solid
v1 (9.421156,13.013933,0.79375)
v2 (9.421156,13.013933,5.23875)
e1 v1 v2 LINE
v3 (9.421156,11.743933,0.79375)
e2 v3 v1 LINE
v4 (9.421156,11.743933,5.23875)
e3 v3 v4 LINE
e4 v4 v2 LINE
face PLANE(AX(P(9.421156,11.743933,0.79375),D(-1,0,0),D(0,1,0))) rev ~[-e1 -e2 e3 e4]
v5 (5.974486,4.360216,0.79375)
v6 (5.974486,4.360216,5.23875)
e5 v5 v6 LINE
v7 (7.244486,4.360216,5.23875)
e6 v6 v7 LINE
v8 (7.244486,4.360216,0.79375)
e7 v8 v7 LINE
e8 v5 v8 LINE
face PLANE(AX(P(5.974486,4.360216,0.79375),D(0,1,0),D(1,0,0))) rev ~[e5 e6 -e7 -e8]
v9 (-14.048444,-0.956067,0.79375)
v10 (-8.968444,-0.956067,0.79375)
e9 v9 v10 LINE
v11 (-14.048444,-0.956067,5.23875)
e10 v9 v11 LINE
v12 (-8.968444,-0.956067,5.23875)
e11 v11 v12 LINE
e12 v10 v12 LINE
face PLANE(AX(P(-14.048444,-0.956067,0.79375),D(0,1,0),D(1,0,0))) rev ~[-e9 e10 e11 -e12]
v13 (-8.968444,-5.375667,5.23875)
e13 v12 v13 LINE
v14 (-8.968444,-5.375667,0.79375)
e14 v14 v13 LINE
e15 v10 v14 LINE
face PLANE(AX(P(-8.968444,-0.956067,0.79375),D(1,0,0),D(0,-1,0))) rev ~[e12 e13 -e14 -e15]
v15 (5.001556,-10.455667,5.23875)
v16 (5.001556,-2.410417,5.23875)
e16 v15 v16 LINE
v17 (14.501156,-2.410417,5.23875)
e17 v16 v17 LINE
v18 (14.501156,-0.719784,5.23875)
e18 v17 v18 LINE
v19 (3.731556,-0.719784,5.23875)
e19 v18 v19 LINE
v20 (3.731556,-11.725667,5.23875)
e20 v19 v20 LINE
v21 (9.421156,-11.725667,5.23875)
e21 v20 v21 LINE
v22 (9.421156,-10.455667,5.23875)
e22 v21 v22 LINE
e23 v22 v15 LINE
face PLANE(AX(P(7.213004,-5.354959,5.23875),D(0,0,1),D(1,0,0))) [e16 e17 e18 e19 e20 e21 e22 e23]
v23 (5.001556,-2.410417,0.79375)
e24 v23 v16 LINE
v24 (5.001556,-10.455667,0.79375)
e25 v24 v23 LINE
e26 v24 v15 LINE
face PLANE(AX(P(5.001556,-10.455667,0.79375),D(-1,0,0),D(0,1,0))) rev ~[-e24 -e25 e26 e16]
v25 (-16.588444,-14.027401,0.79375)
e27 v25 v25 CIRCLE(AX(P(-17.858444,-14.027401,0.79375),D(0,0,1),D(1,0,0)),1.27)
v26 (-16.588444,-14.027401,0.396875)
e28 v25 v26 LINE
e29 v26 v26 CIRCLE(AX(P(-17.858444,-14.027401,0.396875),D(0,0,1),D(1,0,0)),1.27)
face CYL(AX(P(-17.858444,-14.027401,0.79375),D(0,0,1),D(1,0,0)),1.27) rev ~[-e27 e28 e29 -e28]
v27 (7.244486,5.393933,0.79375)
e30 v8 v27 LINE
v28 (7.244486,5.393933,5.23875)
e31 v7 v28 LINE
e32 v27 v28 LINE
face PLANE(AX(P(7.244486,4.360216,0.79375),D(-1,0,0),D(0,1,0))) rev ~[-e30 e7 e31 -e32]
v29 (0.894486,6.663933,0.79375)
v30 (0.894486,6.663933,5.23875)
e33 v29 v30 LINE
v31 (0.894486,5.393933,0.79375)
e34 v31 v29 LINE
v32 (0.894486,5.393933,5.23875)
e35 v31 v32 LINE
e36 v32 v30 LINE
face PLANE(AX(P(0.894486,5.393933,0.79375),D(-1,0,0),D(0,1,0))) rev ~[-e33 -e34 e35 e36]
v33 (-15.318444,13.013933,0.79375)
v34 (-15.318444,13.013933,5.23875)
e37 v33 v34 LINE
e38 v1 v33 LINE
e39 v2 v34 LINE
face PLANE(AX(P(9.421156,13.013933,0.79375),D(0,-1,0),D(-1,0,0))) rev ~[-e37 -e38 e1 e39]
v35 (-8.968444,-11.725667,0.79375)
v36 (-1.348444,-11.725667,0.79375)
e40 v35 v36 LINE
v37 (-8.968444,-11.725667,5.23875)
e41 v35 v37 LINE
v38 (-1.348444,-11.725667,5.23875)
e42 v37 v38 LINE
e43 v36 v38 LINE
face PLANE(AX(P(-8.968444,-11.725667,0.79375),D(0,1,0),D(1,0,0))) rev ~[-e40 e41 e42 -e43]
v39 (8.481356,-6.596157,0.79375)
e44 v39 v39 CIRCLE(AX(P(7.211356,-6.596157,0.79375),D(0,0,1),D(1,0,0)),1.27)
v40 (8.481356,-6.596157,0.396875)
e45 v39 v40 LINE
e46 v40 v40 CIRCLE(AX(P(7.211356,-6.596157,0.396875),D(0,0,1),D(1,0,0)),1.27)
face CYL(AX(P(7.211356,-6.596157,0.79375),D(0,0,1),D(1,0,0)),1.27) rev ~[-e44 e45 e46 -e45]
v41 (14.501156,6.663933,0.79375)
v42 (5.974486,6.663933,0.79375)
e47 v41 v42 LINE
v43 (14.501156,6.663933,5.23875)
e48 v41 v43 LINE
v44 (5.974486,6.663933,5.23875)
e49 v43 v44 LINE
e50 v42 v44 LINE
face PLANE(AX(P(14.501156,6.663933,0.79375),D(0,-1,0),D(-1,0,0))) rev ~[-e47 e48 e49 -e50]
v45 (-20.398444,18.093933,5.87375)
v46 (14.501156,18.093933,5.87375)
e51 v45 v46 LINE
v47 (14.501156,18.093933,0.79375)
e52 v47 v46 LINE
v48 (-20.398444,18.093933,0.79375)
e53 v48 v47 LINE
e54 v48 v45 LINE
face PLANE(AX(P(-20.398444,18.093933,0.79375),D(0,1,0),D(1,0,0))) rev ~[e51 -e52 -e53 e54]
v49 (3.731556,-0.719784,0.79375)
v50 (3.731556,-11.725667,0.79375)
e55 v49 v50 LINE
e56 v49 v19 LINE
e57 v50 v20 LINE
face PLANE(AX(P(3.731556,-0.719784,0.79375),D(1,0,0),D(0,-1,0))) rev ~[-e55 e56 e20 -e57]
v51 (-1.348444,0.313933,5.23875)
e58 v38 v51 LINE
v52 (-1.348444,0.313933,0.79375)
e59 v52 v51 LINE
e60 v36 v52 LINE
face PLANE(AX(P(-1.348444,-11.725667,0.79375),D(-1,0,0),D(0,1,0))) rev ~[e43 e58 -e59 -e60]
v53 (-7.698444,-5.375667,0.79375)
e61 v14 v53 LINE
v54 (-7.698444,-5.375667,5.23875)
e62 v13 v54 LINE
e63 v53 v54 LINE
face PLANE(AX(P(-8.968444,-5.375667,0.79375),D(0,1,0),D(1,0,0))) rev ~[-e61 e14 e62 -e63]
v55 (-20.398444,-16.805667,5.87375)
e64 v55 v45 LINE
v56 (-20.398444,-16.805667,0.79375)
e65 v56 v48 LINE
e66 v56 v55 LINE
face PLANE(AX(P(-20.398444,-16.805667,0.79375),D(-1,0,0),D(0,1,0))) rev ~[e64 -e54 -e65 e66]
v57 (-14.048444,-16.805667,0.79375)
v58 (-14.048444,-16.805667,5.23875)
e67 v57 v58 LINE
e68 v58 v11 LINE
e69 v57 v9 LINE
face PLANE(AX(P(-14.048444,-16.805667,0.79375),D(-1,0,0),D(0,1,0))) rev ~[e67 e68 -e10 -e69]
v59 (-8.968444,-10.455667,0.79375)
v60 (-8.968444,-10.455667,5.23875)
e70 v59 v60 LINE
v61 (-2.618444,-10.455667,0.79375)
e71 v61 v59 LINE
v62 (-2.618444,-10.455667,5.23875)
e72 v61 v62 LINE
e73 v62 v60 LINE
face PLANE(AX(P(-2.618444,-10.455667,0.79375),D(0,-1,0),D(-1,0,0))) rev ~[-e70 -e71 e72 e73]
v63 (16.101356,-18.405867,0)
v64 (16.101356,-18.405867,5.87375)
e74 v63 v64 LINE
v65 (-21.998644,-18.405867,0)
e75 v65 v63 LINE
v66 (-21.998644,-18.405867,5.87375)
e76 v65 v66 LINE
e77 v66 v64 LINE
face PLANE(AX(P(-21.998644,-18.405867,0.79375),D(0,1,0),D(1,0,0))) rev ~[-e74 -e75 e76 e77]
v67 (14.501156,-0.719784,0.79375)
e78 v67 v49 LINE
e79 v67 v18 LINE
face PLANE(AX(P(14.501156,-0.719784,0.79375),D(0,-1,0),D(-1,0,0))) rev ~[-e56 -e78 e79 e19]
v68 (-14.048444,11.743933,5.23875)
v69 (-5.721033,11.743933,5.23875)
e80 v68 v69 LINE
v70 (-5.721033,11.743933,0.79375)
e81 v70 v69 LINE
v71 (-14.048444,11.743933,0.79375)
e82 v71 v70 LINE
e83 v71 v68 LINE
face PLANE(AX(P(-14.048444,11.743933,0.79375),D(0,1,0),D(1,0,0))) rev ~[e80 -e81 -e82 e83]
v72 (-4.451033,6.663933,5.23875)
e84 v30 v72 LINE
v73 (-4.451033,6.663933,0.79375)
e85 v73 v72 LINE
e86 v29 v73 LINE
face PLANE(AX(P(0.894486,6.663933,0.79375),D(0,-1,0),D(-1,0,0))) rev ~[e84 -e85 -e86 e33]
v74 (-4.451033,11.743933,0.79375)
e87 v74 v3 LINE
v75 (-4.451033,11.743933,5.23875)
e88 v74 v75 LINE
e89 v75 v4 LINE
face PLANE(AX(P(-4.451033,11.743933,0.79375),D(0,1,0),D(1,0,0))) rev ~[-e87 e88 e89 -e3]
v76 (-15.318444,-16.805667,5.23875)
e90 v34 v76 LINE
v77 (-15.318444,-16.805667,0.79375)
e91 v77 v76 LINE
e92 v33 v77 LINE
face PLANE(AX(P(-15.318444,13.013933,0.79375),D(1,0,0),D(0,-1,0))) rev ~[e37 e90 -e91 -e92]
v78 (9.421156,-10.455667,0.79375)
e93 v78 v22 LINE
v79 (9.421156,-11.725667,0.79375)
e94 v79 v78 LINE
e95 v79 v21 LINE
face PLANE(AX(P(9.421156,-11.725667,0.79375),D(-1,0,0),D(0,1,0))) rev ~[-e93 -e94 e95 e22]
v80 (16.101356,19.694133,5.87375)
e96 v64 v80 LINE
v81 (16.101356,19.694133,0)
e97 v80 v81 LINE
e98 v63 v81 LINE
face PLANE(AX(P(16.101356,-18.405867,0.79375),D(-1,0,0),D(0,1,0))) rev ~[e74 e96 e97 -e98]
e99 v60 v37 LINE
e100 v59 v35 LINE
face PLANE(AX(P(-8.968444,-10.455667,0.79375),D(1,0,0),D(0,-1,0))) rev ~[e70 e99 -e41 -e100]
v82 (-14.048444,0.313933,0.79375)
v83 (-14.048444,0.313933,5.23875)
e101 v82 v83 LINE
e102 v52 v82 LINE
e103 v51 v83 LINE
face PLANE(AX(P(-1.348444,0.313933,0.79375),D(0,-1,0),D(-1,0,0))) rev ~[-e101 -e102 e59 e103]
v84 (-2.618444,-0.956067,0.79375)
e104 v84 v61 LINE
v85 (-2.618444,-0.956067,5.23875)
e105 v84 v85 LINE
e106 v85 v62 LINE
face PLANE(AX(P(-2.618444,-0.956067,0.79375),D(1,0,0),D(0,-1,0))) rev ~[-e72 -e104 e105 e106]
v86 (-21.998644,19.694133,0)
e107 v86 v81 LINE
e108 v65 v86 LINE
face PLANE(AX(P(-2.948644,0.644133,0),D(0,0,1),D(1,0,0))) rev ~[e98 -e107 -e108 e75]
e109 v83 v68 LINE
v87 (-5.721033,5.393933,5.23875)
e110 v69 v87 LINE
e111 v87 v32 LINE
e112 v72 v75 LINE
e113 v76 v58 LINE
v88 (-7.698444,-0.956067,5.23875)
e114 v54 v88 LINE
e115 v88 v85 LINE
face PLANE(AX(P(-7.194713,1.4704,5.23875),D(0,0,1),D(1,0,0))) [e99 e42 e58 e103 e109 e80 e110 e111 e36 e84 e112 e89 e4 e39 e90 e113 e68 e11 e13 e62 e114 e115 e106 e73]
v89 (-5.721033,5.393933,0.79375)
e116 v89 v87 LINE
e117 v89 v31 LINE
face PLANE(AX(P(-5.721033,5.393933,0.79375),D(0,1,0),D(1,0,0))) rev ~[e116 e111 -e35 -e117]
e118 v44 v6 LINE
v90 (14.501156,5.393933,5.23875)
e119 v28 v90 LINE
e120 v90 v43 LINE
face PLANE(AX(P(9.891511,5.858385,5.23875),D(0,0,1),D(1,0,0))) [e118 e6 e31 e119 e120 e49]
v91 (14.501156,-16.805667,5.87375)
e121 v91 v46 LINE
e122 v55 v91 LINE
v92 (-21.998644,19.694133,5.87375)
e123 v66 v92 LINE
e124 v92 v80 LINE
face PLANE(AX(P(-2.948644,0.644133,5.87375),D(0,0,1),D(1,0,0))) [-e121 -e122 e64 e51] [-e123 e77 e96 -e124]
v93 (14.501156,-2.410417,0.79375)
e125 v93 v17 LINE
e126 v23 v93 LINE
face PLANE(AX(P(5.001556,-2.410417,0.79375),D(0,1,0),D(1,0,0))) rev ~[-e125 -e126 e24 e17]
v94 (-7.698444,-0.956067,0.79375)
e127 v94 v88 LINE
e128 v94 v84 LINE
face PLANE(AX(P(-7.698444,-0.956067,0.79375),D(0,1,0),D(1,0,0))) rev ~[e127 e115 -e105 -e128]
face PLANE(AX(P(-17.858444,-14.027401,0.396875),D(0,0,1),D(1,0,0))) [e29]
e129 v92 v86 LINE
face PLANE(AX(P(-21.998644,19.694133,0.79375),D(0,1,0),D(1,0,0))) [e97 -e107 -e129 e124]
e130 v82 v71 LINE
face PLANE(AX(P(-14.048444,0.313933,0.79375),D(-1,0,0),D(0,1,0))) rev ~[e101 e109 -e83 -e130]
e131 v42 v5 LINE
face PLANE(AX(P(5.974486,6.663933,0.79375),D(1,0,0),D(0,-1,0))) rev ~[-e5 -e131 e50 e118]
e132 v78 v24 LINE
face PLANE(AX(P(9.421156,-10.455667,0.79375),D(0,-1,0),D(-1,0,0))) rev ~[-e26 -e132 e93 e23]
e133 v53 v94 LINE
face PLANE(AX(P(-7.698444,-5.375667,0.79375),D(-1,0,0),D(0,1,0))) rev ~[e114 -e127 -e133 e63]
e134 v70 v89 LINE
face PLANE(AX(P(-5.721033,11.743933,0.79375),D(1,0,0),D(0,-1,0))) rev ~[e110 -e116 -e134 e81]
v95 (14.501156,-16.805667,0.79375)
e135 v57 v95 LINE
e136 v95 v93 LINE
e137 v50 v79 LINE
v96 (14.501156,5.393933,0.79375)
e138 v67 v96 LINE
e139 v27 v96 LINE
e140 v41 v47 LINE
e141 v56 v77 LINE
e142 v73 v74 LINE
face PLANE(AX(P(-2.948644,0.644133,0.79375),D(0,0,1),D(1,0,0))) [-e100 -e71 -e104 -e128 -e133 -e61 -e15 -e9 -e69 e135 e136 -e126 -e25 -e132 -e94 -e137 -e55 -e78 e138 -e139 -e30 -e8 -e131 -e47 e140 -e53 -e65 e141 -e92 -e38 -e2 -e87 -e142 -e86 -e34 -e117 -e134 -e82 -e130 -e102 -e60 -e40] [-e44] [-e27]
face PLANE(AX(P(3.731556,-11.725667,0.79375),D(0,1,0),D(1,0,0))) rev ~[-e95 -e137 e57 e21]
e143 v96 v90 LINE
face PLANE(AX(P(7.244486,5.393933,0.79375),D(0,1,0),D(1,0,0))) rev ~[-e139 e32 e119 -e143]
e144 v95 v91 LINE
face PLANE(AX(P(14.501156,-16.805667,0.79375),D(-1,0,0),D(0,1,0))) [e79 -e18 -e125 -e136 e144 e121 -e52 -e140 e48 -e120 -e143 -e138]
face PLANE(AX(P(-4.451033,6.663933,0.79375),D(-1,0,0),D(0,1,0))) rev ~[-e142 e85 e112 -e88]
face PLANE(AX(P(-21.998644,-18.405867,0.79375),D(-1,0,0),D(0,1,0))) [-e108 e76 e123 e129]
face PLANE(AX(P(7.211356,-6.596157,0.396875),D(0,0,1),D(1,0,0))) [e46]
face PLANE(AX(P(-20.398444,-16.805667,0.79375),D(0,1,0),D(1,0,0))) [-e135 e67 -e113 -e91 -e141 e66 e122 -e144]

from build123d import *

# Parameters (mm, degrees)
F0_W     = 38.1
F0_H     = 38.1
F1_DEPTH = 0.79375
F2_W     = 38.1
F2_H     = 38.1
F2_W_2   = 34.8996
F2_H_2   = 34.8996
F3_DEPTH = 5.08
F4_R     = 1.27
F5_DEPTH = 0.396875
F6_DEPTH = 4.445


with BuildPart() as f1:
    # F0 (on Top) → F1 (new body)
    with BuildSketch(Plane.XY):
        with Locations((-2.948644, 0.644133)):
            Rectangle(F0_W, F0_H)
    extrude(amount=F1_DEPTH)

    # F2 (on face) → F3 (join)
    with BuildSketch(Plane.XY.offset(0.79375)):
        with Locations((-2.948644, 0.644133)):
            Rectangle(F2_W, F2_H)
        with Locations((-2.948644, 0.644133)):
            Rectangle(F2_W_2, F2_H_2, mode=Mode.SUBTRACT)
    extrude(amount=F3_DEPTH)

    # F4 (on face) → F5 (cut)
    with BuildSketch(Plane.XY.offset(0.79375)):
        with Locations((-17.858444, -14.027401)):
            Circle(F4_R)
        with Locations((7.211356, -6.596157)):
            Circle(F4_R)
    extrude(amount=-F5_DEPTH, mode=Mode.SUBTRACT)

    # F4 (on face) → F6 (join)
    with BuildSketch(Plane.XY.offset(0.79375)):
        Polygon((-15.318444, 13.013933), (-15.318444, -16.805667), (-14.048444, -16.805667), (-14.048444, -0.956067), (-8.968444, -0.956067), (-8.968444, -5.375667), (-7.698444, -5.375667), (-7.698444, -0.956067), (-2.618444, -0.956067), (-2.618444, -10.455667), (-8.968444, -10.455667), (-8.968444, -11.725667), (-2.618444, -11.725667), (-1.348444, -11.725667), (-1.348444, -0.956067), (-1.348444, 0.313933), (-14.048444, 0.313933), (-14.048444, 11.743933), (-5.721033, 11.743933), (-5.721033, 6.663933), (-5.721033, 5.393933), (-4.451033, 5.393933), (0.894486, 5.393933), (0.894486, 6.663933), (-4.451033, 6.663933), (-4.451033, 11.743933), (9.421156, 11.743933), (9.421156, 13.013933), (-14.048444, 13.013933), align=None)
        Polygon((5.001556, -2.410417), (14.501156, -2.410417), (14.501156, -0.719784), (12.663512, -0.719784), (5.001556, -0.719784), (3.731556, -0.719784), (3.731556, -2.410417), (3.731556, -10.455667), (3.731556, -11.725667), (5.001556, -11.725667), (9.421156, -11.725667), (9.421156, -10.455667), (5.001556, -10.455667), align=None)
        Polygon((14.501156, 5.393933), (14.501156, 6.663933), (7.077073, 6.663933), (5.974486, 6.663933), (5.974486, 5.393933), (5.974486, 4.360216), (7.244486, 4.360216), (7.244486, 5.393933), align=None)
    extrude(amount=F6_DEPTH)


solid = f1.part
